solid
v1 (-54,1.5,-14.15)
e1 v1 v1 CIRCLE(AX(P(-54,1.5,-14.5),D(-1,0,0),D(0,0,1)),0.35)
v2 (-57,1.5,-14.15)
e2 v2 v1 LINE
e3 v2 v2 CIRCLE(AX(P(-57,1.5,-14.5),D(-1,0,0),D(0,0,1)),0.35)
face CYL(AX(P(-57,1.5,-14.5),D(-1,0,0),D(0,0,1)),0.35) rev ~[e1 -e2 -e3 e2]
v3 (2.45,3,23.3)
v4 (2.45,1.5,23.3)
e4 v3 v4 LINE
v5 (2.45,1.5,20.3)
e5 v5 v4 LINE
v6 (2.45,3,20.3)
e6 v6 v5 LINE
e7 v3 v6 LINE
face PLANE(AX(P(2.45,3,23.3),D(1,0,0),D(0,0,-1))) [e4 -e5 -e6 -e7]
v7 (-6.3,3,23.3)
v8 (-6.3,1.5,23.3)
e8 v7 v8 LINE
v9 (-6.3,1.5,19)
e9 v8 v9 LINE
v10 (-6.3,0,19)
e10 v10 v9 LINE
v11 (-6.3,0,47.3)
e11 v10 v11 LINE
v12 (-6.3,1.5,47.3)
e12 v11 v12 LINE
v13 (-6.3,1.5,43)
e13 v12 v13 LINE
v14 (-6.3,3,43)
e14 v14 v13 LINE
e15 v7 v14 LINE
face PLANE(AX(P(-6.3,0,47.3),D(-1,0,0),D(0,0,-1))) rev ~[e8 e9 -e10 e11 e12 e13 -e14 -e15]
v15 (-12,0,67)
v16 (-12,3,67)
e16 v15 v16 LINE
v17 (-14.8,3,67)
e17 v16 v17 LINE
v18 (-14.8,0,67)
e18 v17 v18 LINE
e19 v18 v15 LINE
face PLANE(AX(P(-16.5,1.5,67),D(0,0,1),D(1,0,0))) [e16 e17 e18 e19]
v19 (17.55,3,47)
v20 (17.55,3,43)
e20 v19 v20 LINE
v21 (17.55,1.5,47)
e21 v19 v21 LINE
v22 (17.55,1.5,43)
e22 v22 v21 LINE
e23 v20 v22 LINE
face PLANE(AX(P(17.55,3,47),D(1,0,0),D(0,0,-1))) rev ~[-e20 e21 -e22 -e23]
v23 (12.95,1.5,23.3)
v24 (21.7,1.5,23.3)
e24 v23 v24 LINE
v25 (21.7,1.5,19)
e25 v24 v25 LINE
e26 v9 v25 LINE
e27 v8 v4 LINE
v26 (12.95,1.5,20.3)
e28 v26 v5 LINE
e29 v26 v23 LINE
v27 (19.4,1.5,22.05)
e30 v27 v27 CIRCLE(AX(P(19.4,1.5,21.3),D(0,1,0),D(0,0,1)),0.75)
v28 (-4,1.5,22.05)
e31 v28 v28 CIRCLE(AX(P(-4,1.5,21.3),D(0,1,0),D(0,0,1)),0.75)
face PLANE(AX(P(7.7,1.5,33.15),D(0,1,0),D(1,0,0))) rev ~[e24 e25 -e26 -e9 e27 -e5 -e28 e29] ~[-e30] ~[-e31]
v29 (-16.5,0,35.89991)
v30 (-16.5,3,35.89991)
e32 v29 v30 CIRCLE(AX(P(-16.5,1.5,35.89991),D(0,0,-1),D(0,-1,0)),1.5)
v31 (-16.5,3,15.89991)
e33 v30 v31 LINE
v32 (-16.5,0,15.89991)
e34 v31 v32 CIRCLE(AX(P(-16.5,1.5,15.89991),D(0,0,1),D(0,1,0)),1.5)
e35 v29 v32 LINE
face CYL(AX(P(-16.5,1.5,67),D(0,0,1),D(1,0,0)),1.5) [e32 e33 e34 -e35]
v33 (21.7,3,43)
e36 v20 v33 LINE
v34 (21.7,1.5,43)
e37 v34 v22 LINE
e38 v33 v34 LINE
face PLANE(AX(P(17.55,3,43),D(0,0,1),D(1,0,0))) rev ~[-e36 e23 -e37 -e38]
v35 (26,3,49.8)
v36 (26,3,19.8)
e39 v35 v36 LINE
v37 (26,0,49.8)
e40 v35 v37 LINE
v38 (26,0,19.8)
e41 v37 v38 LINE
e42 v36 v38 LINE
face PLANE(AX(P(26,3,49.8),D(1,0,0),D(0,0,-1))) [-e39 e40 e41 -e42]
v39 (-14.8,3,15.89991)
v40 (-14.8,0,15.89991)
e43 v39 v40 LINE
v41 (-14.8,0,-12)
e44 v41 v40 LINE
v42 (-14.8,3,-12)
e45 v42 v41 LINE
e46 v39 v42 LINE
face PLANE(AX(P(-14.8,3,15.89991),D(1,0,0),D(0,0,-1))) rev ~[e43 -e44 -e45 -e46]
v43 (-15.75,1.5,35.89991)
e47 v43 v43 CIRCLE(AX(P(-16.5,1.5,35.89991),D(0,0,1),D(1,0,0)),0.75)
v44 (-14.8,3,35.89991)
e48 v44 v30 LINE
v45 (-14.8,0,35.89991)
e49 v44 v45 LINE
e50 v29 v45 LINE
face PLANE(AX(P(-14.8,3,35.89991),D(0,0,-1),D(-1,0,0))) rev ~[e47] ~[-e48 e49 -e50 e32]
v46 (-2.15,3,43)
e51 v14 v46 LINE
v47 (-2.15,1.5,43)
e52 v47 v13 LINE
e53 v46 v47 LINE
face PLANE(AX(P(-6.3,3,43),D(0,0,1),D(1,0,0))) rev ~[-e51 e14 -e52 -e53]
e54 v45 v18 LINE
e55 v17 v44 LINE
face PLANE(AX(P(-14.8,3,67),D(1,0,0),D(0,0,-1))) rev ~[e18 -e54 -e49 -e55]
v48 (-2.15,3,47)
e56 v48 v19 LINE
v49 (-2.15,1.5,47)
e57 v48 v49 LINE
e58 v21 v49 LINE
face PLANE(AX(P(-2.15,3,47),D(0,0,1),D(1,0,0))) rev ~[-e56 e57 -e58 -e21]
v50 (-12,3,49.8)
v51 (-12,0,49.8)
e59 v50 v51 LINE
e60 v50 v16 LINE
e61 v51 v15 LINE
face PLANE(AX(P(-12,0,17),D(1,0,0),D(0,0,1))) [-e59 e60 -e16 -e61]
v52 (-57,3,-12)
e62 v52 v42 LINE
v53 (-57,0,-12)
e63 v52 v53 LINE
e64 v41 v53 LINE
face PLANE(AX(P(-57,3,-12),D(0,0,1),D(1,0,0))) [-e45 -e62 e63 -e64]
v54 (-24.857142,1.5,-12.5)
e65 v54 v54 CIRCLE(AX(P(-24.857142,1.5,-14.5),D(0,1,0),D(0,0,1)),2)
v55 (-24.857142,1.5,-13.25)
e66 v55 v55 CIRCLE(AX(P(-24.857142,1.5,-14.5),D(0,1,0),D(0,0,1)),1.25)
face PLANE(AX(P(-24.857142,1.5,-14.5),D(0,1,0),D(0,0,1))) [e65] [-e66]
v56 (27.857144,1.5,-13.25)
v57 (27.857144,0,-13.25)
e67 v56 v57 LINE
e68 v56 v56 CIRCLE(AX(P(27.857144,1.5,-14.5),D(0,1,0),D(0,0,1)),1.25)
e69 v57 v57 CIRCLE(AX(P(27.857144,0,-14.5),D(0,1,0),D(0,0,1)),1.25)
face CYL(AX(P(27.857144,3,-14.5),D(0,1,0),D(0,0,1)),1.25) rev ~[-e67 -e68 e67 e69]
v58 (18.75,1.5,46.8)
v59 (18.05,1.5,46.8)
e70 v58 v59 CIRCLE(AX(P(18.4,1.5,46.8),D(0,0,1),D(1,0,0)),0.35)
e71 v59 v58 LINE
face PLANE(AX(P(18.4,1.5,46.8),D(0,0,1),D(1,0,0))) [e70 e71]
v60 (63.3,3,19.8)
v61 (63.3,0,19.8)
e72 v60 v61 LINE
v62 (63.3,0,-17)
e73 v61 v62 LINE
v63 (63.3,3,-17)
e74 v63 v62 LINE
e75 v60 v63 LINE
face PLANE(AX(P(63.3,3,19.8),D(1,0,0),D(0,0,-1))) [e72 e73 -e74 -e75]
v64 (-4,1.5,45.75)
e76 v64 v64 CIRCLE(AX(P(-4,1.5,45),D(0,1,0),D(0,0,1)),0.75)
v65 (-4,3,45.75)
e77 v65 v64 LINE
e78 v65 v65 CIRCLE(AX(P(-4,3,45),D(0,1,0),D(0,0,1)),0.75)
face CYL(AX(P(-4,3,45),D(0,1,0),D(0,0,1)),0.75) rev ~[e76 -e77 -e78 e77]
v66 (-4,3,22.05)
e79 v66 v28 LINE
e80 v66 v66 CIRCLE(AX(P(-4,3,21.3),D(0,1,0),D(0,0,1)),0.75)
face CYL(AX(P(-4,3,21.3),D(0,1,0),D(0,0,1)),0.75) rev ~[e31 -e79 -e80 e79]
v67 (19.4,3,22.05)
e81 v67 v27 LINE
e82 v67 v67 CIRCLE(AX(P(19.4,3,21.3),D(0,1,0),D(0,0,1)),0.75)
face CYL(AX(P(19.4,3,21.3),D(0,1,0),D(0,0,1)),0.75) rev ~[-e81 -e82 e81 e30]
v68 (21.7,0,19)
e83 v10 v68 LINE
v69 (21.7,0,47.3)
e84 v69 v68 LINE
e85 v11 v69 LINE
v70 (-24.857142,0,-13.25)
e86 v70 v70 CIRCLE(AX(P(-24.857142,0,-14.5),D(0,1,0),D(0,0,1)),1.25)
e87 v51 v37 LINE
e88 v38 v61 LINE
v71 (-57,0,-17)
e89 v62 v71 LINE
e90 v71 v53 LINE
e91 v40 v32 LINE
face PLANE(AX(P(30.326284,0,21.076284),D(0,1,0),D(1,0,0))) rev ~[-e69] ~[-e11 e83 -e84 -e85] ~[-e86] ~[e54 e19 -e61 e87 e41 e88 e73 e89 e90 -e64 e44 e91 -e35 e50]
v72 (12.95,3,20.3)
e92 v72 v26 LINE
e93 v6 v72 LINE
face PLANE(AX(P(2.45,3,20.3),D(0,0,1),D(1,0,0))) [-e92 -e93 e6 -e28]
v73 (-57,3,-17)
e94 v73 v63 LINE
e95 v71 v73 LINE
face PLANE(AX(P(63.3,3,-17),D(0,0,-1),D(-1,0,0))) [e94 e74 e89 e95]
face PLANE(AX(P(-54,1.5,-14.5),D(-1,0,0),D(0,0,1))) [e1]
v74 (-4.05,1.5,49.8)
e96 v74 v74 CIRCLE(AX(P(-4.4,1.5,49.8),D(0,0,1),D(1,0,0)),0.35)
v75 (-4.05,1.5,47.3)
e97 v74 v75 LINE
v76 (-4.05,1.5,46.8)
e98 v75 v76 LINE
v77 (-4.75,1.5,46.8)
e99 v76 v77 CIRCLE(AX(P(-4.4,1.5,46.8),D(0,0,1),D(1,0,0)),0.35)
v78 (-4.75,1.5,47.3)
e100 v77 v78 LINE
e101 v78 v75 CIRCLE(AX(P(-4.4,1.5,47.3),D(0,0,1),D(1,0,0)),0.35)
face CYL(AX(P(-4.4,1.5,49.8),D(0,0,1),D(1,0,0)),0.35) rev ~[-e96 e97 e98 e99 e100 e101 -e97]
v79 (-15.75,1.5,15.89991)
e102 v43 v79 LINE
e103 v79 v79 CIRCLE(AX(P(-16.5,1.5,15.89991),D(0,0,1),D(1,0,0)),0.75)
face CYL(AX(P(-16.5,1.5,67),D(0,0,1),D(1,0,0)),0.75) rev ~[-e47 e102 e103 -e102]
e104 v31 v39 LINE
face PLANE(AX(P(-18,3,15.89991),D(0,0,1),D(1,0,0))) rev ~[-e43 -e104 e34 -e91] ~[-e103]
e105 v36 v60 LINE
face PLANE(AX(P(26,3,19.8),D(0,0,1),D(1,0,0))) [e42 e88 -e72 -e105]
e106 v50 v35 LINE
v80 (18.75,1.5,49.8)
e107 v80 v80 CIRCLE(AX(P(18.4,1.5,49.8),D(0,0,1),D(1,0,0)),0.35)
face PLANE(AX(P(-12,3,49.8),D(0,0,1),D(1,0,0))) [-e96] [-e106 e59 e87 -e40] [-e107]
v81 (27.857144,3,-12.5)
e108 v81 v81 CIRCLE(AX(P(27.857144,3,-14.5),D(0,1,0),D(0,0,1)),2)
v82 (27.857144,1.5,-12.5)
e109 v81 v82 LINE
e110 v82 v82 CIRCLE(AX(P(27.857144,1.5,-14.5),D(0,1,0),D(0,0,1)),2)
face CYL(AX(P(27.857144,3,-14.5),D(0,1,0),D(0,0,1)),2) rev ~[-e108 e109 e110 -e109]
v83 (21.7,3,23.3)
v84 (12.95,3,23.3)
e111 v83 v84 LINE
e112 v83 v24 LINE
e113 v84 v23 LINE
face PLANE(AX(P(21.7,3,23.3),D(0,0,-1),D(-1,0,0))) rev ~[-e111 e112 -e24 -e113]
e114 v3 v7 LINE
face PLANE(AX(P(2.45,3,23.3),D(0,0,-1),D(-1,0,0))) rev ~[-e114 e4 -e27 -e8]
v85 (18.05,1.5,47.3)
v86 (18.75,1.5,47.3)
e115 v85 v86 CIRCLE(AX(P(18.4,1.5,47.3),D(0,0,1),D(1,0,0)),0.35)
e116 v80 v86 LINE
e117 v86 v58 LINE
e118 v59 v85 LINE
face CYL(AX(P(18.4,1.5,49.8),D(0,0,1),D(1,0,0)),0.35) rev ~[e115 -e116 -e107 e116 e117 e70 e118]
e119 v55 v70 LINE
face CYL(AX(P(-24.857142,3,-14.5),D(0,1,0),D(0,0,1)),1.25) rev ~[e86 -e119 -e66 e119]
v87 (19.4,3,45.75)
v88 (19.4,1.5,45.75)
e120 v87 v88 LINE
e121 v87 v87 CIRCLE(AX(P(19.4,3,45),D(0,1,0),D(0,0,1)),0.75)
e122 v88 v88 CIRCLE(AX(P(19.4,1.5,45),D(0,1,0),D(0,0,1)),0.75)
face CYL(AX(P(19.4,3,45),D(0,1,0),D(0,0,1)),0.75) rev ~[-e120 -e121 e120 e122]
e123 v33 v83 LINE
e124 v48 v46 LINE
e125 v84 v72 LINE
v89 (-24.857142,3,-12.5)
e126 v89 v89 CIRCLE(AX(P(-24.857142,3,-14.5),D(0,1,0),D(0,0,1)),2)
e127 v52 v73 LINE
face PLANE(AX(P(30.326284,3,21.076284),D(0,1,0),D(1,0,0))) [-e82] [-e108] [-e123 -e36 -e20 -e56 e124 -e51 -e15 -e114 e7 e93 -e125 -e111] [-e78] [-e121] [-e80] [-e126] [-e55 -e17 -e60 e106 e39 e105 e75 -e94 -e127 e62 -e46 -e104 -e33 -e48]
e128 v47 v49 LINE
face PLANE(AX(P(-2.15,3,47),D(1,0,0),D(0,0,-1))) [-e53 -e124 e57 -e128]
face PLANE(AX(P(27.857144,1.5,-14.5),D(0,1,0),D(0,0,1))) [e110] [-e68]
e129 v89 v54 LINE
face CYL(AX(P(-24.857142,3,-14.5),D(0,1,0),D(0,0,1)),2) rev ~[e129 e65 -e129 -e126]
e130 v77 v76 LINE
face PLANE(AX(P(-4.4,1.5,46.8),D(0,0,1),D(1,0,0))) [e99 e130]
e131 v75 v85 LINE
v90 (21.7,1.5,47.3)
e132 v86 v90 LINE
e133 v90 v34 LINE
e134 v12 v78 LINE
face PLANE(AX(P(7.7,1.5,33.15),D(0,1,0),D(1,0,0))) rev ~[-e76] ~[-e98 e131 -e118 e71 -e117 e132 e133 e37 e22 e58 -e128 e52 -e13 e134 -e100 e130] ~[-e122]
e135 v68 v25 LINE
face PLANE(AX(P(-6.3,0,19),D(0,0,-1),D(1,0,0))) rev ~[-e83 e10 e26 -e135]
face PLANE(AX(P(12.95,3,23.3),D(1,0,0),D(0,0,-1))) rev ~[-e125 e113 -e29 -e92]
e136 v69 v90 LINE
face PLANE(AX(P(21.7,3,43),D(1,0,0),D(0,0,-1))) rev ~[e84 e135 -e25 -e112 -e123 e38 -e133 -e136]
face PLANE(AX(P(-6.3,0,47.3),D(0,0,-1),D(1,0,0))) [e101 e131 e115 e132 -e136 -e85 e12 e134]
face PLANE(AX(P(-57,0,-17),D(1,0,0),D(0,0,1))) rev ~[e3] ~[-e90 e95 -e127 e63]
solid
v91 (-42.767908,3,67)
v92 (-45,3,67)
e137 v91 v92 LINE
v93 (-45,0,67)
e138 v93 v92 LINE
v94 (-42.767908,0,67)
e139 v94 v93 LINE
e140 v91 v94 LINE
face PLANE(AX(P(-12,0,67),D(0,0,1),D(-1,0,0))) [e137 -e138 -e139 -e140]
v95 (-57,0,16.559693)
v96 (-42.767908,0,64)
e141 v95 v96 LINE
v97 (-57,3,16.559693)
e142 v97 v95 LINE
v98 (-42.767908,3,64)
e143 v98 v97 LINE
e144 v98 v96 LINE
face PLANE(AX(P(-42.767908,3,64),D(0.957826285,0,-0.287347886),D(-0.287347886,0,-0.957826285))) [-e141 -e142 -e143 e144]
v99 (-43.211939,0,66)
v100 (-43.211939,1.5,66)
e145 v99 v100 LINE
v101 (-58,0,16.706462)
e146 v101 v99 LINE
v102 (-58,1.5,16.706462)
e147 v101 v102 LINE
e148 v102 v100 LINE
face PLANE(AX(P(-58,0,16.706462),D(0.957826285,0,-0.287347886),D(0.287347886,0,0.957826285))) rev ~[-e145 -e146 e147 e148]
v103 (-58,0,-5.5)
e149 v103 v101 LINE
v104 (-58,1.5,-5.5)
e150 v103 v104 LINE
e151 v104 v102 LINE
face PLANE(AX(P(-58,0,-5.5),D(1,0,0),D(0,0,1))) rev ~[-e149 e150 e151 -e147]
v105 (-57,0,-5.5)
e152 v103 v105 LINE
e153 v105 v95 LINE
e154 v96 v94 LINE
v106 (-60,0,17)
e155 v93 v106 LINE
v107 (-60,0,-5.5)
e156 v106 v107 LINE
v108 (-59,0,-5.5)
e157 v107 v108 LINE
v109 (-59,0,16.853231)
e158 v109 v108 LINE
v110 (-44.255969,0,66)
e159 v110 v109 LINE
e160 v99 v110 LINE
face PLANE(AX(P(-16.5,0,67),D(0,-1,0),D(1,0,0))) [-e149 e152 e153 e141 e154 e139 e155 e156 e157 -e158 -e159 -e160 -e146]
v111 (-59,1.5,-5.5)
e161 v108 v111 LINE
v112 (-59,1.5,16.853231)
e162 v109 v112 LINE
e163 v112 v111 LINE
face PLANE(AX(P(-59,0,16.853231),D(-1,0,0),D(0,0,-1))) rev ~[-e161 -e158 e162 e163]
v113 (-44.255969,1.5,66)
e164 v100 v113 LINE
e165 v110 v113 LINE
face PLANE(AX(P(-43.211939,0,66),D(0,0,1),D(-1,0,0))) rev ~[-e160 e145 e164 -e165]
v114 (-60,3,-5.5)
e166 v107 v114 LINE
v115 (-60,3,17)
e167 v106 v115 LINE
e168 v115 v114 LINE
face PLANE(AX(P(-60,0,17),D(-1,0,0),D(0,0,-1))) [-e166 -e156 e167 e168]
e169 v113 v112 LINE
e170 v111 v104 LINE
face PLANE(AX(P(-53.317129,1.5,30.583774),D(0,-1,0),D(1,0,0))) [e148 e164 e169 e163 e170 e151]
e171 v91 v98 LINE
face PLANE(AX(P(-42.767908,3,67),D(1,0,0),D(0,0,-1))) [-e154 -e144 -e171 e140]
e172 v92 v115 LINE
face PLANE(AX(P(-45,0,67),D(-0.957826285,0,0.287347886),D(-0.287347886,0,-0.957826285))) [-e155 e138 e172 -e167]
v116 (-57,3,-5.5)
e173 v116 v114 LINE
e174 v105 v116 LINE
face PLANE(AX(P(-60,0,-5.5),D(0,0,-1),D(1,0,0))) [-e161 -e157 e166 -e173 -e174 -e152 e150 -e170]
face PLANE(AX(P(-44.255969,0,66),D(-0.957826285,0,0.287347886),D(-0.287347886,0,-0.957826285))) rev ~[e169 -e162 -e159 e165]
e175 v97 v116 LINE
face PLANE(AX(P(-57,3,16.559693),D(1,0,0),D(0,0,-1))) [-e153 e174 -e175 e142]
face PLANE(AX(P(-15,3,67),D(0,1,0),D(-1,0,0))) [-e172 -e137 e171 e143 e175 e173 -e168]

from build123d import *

# Parameters (mm, degrees)
SKETCH_1_W           = 120
SKETCH_1_H           = 34
EXTRUDE_1_DEPTH      = 3
SKETCH_2_R           = 1.25
CUT_EXTRUDE_1_DEPTH  = 63.433965115
SKETCH_2_3_R         = 2
CUT_EXTRUDE_2_DEPTH  = 1.5
EXTRUDE_2_DEPTH      = 3
SKETCH_5_W           = 27.767908047
SKETCH_5_H           = 3
CUT_EXTRUDE_3_DEPTH  = 90.988888203
SKETCH_6_R           = 1.5
SKETCH_6_R_2         = 0.75
EXTRUDE_3_DEPTH      = 79
SKETCH_7_W           = 1.5
SKETCH_7_H           = 3.2
SKETCH_7_W_2         = 1.7
SKETCH_7_H_2         = 27.900089606
SKETCH_7_H_3         = 27.899910394
CUT_EXTRUDE_5_DEPTH  = 90.988888203
SKETCH_9_W           = 3
SKETCH_9_H           = 11.5
CUT_EXTRUDE_8_DEPTH  = 90.988888203
CUT_EXTRUDE_9_DEPTH  = 1.5
SKETCH_12_R          = 0.35
CUT_EXTRUDE_10_DEPTH = 3
EXTRUDE_4_DEPTH      = 3
SKETCH_13_R          = 0.75
CUT_EXTRUDE_11_DEPTH = 93.221960508
SKETCH_15_W          = 19.7
SKETCH_15_H          = 4
SKETCH_15_W_2        = 10.5
SKETCH_15_H_2        = 3
CUT_EXTRUDE_14_DEPTH = 93.221960508
SKETCH_16_W          = 28
SKETCH_16_H          = 28.3
CUT_EXTRUDE_15_DEPTH = 1.5
SKETCH_18_R          = 0.35
CUT_EXTRUDE_16_DEPTH = 3


with BuildPart() as part:
    # 草图1 → 凸台-拉伸1 (new body)
    with BuildSketch(Plane(origin=(0, 0, 0), x_dir=(1, 0, 0), z_dir=(0, 1, 0))):
        Rectangle(SKETCH_1_W, SKETCH_1_H)
    extrude(amount=EXTRUDE_1_DEPTH)

    # 草图2 → 切除-拉伸1 (cut, through all)
    with BuildSketch(Plane(origin=(0, 3, 0), x_dir=(1, 0, 0), z_dir=(0, 1, 0))):
        with Locations(Location((-24.857141963, 14.500000041, 0), (0, 0, 270))):
            Circle(SKETCH_2_R)
        with Locations(Location((27.857143751, 14.500000041, 0), (0, 0, 270))):
            Circle(SKETCH_2_R)
    extrude(amount=-CUT_EXTRUDE_1_DEPTH, mode=Mode.SUBTRACT)

    # 草图2<3> → 切除-拉伸2 (cut)
    with BuildSketch(Plane(origin=(0, 3, 0), x_dir=(1, 0, 0), z_dir=(0, 1, 0))):
        with Locations(Location((-24.857141963, 14.500000041, 0), (0, 0, 270))):
            Circle(SKETCH_2_3_R)
        with Locations(Location((27.857143751, 14.500000041, 0), (0, 0, 270))):
            Circle(SKETCH_2_3_R)
    extrude(amount=-CUT_EXTRUDE_2_DEPTH, mode=Mode.SUBTRACT)

    # 草图4 → 凸台-拉伸2 (add)
    with BuildSketch(Plane(origin=(0, 0, 0), x_dir=(1, 0, 0), z_dir=(0, 1, 0))):
        Polygon((-12, -17), (-12, -67), (-45, -67), (-60, -17), align=None)
    extrude(amount=EXTRUDE_2_DEPTH)

    # 草图5 → 切除-拉伸3 (cut, through all)
    with BuildSketch(Plane(origin=(0, 3, 0), x_dir=(1, 0, 0), z_dir=(0, 1, 0))):
        Polygon((-42.767908047, -64), (-57, -16.559693491), (-57, 12), (-15, 12), (-15, -64), align=None)
        with Locations((-28.883954024, -65.5)):
            Rectangle(SKETCH_5_W, SKETCH_5_H)
    extrude(amount=-CUT_EXTRUDE_3_DEPTH, mode=Mode.SUBTRACT)

    # 草图6 → 凸台-拉伸3 (add)
    # profile 1 of 3: a face of its own
    with BuildSketch(Plane.XY.offset(67)):
        with Locations((-16.5, 1.5)):
            Circle(SKETCH_6_R)
        with Locations((-16.5, 1.5)):
            Circle(SKETCH_6_R_2, mode=Mode.SUBTRACT)
    # profile 2 of 3: a face of its own
    with BuildSketch(Plane.XY.offset(67)):
        with BuildLine():
            Line((-15, 1.5), (-15, 3))
            Line((-15, 3), (-16.5, 3))
            ThreePointArc((-16.5, 3), (-15.439339828, 2.560660172), (-15, 1.5))
        make_face()
    # profile 3 of 3: a face of its own
    with BuildSketch(Plane.XY.offset(67)):
        with BuildLine():
            Line((-15, 0), (-15, 1.5))
            ThreePointArc((-15, 1.5), (-15.439339828, 0.439339828), (-16.5, 0))
            Line((-16.5, 0), (-15, 0))
        make_face()
    extrude(amount=-EXTRUDE_3_DEPTH)

    # 草图7 → 切除-拉伸5 (cut, through all)
    with BuildSketch(Plane(origin=(0, 3, 0), x_dir=(1, 0, 0), z_dir=(0, 1, 0))):
        with Locations((-17.25, -65.4)):
            Rectangle(SKETCH_7_W, SKETCH_7_H)
        with Locations((-15.65, -65.4)):
            Rectangle(SKETCH_7_W_2, SKETCH_7_H)
        with Locations((-15.65, -49.849955197)):
            Rectangle(SKETCH_7_W_2, SKETCH_7_H_2)
        with Locations((-17.25, -49.849955197)):
            Rectangle(SKETCH_7_W, SKETCH_7_H_2)
        with Locations((-15.65, -1.949955197)):
            Rectangle(SKETCH_7_W_2, SKETCH_7_H_3)
        with Locations((-17.25, -1.949955197)):
            Rectangle(SKETCH_7_W, SKETCH_7_H_3)
    extrude(amount=-CUT_EXTRUDE_5_DEPTH, mode=Mode.SUBTRACT)

    # 草图9 → 切除-拉伸8 (cut, through all)
    with BuildSketch(Plane.XZ):
        with Locations((-58.5, -11.25)):
            Rectangle(SKETCH_9_W, SKETCH_9_H)
    extrude(amount=-CUT_EXTRUDE_8_DEPTH, mode=Mode.SUBTRACT)


with BuildPart() as cut_extrude_8_piece_1:
    # of the separate pieces the step leaves, piece 1, a body of its own (cut_extrude_8_pieces)
    add(part.part.solids().sort_by_distance((-12, 0, 17))[0])

    # 草图12 → 切除-拉伸10 (cut)
    with BuildSketch(Plane.ZY.offset(57)):
        with Locations((-14.5, 1.5)):
            Circle(SKETCH_12_R)
    extrude(amount=-CUT_EXTRUDE_10_DEPTH, mode=Mode.SUBTRACT)

    # 草图17 → 凸台-拉伸4 (add)
    with BuildSketch(Plane(origin=(0, 3, 0), x_dir=(1, 0, 0), z_dir=(0, 1, 0))):
        Polygon((63.3, 17), (60, 17), (60, -17), (-12, -17), (-12, -49.8), (26, -49.8), (26, -19.8), (63.3, -19.8), align=None)
    extrude(amount=-EXTRUDE_4_DEPTH)

    # 草图13 → 切除-拉伸11 (cut, through all)
    with BuildSketch(Plane(origin=(0, 3, 0), x_dir=(1, 0, 0), z_dir=(0, 1, 0))):
        with Locations(Location((19.4, -45, 0), (0, 0, 270))):
            Circle(SKETCH_13_R)
        with Locations(Location((-4, -45, 0), (0, 0, 270))):
            Circle(SKETCH_13_R)
        with Locations(Location((19.4, -21.3, 0), (0, 0, 270))):
            Circle(SKETCH_13_R)
        with Locations(Location((-4, -21.3, 0), (0, 0, 270))):
            Circle(SKETCH_13_R)
    extrude(amount=-CUT_EXTRUDE_11_DEPTH, mode=Mode.SUBTRACT)

    # 草图15 → 切除-拉伸14 (cut, through all)
    with BuildSketch(Plane(origin=(0, 3, 0), x_dir=(1, 0, 0), z_dir=(0, 1, 0))):
        Polygon((-2.15, -43), (17.55, -43), (21.7, -43), (21.7, -23.3), (12.95, -23.3), (2.45, -23.3), (-6.3, -23.3), (-6.3, -43), align=None)
        with Locations((7.7, -45)):
            Rectangle(SKETCH_15_W, SKETCH_15_H)
        with Locations((7.7, -21.8)):
            Rectangle(SKETCH_15_W_2, SKETCH_15_H_2)
    extrude(amount=-CUT_EXTRUDE_14_DEPTH, mode=Mode.SUBTRACT)

    # 草图16 → 切除-拉伸15 (cut)
    with BuildSketch(Plane(origin=(0, 0, 0), x_dir=(1, 0, 0), z_dir=(0, 1, 0))):
        with Locations((7.7, -33.15)):
            Rectangle(SKETCH_16_W, SKETCH_16_H)
    extrude(amount=CUT_EXTRUDE_15_DEPTH, mode=Mode.SUBTRACT)

    # 草图18 → 切除-拉伸16 (cut)
    with BuildSketch(Plane.XY.offset(49.8)):
        with Locations((18.4, 1.5)):
            Circle(SKETCH_18_R)
        with Locations((-4.4, 1.5)):
            Circle(SKETCH_18_R)
    extrude(amount=-CUT_EXTRUDE_16_DEPTH, mode=Mode.SUBTRACT)


with BuildPart() as cut_extrude_8_piece_2:
    # of the separate pieces the step leaves, piece 2, a body of its own (cut_extrude_8_pieces)
    add(part.part.solids().sort_by_distance((-57, 0, -5.5))[0])

    # 草图10 → 切除-拉伸9 (cut)
    with BuildSketch(Plane.XZ):
        Polygon((-58, -5.5), (-58, 16.706462327), (-43.211938698, 66), (-44.255969349, 66), (-59, 16.853231164), (-59, -5.5), align=None)
    extrude(amount=-CUT_EXTRUDE_9_DEPTH, mode=Mode.SUBTRACT)


solid = Compound([cut_extrude_8_piece_1.part, cut_extrude_8_piece_2.part])
